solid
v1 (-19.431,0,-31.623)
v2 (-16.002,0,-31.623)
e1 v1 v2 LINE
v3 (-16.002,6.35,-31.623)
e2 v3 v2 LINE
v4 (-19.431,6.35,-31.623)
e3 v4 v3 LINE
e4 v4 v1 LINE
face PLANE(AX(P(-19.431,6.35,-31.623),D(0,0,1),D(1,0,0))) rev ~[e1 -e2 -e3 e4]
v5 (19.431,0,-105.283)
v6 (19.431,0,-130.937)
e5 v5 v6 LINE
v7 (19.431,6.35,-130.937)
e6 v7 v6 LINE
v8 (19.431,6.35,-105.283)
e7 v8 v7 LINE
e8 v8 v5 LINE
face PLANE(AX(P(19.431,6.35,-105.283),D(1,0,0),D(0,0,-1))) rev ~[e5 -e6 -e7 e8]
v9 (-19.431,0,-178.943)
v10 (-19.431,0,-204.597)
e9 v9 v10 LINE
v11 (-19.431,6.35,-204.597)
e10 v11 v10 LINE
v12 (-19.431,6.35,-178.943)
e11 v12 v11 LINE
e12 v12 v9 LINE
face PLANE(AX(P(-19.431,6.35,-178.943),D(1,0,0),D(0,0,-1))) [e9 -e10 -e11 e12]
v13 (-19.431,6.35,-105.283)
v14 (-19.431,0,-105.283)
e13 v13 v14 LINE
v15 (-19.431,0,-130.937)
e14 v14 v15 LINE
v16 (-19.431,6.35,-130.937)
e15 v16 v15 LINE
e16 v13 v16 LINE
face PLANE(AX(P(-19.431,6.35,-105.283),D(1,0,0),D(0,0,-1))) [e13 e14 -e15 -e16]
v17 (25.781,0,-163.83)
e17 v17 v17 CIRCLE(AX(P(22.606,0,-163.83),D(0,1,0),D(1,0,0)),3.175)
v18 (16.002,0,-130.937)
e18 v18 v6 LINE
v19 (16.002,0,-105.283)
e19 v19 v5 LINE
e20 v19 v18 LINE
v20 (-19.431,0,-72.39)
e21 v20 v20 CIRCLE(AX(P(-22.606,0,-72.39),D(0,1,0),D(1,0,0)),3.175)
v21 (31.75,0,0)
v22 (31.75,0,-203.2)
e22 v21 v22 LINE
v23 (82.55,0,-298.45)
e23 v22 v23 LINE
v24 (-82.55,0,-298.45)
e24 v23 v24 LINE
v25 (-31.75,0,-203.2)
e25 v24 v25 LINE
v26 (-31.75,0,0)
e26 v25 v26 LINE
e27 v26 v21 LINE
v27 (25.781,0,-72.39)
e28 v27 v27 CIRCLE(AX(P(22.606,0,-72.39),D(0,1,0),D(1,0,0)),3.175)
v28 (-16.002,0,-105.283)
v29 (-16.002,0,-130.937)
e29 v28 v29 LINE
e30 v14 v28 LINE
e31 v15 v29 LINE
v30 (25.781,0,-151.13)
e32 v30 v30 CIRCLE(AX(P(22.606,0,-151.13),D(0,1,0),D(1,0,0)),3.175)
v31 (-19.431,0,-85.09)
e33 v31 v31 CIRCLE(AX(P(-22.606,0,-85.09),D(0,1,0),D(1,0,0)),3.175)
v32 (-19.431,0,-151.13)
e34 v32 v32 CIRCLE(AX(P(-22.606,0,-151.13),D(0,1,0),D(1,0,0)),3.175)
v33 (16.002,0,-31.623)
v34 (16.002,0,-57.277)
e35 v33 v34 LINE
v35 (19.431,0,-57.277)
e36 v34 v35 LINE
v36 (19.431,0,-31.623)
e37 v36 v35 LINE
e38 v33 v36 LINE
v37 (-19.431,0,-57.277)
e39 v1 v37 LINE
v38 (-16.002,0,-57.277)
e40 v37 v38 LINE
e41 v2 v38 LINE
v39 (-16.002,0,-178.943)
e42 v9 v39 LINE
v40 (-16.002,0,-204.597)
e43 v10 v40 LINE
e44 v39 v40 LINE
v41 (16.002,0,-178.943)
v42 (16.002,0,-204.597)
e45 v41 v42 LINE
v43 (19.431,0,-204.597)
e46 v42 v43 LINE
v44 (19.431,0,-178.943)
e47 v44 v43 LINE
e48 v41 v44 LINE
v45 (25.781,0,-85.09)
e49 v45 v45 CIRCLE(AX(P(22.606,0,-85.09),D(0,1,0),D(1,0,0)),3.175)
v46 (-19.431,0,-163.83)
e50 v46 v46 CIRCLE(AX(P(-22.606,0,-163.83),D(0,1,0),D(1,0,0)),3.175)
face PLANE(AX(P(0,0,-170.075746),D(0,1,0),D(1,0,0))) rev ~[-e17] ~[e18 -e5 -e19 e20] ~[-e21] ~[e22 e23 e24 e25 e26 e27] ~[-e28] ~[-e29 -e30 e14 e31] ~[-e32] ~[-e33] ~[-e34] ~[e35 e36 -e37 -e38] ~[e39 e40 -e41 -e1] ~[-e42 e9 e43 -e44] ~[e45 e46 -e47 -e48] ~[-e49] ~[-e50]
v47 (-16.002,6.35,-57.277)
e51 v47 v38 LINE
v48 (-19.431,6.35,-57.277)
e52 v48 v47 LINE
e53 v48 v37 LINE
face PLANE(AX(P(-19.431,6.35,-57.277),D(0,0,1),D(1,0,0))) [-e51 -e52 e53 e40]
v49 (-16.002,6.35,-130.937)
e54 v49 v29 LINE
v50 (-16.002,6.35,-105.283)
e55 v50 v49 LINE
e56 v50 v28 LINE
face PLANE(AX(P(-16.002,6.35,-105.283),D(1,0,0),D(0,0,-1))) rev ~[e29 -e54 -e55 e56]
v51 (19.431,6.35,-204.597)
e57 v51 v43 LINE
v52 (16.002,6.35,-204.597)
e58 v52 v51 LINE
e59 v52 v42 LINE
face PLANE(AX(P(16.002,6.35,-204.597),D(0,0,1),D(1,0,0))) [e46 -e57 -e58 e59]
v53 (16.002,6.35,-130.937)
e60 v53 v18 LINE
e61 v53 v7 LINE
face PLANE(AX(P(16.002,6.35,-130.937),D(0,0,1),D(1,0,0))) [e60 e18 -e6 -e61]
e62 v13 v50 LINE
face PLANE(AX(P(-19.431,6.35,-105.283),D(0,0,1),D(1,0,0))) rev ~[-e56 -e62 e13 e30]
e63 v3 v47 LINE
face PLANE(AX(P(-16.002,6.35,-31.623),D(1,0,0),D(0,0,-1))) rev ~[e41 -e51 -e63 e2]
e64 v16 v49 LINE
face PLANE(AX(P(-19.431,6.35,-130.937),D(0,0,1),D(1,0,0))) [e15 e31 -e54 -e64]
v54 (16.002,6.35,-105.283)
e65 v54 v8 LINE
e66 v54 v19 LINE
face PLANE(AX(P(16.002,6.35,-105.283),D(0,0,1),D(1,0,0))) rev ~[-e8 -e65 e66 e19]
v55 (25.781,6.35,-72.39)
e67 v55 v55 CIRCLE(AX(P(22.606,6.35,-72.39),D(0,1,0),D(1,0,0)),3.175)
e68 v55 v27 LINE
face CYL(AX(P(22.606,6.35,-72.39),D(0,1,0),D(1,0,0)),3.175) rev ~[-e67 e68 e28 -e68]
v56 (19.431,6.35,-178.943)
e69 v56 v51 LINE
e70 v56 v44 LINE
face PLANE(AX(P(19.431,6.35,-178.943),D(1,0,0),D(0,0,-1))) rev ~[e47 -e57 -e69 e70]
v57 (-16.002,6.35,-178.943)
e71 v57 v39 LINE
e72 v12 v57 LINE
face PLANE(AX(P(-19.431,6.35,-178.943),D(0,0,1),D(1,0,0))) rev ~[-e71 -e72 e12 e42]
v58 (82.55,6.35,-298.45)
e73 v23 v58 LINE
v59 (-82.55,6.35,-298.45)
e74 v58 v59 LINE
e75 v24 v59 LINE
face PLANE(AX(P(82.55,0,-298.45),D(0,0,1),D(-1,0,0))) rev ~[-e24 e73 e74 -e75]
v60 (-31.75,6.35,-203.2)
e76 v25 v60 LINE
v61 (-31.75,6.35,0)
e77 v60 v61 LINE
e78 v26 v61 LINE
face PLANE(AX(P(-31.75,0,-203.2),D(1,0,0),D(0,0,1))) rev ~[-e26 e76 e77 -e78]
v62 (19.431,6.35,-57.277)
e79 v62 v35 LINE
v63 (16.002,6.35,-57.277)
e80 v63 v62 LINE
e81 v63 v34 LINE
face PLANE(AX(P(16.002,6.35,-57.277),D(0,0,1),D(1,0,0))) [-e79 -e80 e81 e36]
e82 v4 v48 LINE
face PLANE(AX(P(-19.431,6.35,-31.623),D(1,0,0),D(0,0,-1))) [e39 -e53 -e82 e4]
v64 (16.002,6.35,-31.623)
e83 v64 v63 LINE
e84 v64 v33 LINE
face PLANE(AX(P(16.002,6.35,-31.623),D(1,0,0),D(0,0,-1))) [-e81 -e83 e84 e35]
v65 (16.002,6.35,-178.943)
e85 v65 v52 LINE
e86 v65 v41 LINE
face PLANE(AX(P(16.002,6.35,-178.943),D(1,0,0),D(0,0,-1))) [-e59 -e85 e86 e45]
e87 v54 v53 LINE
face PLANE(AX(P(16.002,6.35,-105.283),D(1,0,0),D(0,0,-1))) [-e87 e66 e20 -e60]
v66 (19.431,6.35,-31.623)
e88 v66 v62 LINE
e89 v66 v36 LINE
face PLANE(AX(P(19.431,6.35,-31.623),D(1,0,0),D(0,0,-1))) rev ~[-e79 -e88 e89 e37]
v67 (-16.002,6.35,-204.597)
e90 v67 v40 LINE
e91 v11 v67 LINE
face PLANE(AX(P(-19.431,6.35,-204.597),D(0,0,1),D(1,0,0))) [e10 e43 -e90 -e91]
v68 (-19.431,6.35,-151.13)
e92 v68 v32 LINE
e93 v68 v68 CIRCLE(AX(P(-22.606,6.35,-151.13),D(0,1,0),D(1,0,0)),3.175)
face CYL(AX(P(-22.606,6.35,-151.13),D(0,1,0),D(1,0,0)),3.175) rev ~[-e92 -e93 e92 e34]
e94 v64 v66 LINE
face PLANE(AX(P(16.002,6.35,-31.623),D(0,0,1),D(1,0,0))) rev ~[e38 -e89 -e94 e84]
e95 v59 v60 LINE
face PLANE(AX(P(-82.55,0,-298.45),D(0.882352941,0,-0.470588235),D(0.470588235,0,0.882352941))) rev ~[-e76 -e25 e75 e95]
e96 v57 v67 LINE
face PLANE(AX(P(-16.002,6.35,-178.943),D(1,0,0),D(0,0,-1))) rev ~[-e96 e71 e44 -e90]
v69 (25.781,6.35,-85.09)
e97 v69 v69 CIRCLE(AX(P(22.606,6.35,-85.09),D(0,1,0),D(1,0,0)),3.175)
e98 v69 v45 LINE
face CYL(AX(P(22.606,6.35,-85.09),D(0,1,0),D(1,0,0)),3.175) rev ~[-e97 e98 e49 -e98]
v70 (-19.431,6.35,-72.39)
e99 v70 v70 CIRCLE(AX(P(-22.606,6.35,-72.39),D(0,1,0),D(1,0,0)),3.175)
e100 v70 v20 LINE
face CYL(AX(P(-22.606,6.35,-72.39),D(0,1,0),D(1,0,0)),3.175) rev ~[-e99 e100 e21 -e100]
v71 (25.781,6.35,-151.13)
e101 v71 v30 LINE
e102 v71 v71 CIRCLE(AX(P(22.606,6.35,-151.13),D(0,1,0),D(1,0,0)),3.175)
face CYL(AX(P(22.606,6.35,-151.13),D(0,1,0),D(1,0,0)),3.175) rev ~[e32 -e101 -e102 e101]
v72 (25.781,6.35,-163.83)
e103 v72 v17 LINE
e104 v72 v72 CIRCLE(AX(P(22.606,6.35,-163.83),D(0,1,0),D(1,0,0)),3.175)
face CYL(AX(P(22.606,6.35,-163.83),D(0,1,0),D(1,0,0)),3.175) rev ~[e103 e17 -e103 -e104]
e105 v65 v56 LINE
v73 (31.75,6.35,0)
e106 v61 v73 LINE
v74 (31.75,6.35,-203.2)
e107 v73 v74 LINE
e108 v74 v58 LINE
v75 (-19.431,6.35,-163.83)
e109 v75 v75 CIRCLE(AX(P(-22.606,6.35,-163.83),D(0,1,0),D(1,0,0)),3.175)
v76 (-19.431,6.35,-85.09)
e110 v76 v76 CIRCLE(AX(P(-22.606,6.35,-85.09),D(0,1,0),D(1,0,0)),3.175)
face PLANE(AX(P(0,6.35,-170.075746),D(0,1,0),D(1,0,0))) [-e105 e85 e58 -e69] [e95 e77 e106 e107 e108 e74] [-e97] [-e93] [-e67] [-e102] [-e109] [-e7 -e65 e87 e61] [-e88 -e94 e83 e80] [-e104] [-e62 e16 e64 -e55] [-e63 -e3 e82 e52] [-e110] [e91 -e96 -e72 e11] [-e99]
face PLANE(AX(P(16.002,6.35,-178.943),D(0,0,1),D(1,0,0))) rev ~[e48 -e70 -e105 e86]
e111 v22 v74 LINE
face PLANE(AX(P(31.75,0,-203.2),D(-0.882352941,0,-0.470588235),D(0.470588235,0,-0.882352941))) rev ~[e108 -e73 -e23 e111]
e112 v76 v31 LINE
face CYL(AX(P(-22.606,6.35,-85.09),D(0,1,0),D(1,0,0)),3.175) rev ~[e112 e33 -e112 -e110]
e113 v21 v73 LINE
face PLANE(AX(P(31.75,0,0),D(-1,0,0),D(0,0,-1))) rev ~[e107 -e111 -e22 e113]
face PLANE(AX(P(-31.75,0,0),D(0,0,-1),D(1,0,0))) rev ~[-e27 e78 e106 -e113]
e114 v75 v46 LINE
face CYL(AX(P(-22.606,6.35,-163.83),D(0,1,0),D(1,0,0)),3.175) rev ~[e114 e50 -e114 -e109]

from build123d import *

# Parameters (mm, degrees)
BOSS_EXTRUDE1_DEPTH = 6.35
SKETCH2_W           = 3.429
SKETCH2_H           = 25.654
CUT_EXTRUDE1_DEPTH  = 7.35
SKETCH3_R           = 3.175
CUT_EXTRUDE2_DEPTH  = 7.35


with BuildPart() as part:
    # Sketch1 → Boss-Extrude1 (new body)
    with BuildSketch(Plane(origin=(0, 0, 0), x_dir=(1, 0, 0), z_dir=(0, 1, 0))):
        Polygon((-31.75, 0), (31.75, 0), (31.75, 203.2), (82.55, 298.45), (-82.55, 298.45), (-31.75, 203.2), align=None)
    extrude(amount=BOSS_EXTRUDE1_DEPTH)

    # Sketch2 → Cut-Extrude1 (cut, through all)
    with BuildSketch(Plane(origin=(0, 6.35, 0), x_dir=(1, 0, 0), z_dir=(0, 1, 0))):
        with Locations((-17.7165, 44.45)):
            Rectangle(SKETCH2_W, SKETCH2_H)
        with Locations((-17.7165, 118.11)):
            Rectangle(SKETCH2_W, SKETCH2_H)
        with Locations((-17.7165, 191.77)):
            Rectangle(SKETCH2_W, SKETCH2_H)
        with Locations((17.7165, 191.77)):
            Rectangle(SKETCH2_W, SKETCH2_H)
        with Locations((17.7165, 118.11)):
            Rectangle(SKETCH2_W, SKETCH2_H)
        with Locations((17.7165, 44.45)):
            Rectangle(SKETCH2_W, SKETCH2_H)
    extrude(amount=-CUT_EXTRUDE1_DEPTH, mode=Mode.SUBTRACT)

    # Sketch3 → Cut-Extrude2 (cut, through all)
    with BuildSketch(Plane(origin=(0, 6.35, 0), x_dir=(1, 0, 0), z_dir=(0, 1, 0))):
        with Locations((-22.606, 163.83)):
            Circle(SKETCH3_R)
        with Locations((-22.606, 151.13)):
            Circle(SKETCH3_R)
        with Locations((22.606, 151.13)):
            Circle(SKETCH3_R)
        with Locations((22.606, 163.83)):
            Circle(SKETCH3_R)
        with Locations((22.606, 85.09)):
            Circle(SKETCH3_R)
        with Locations((22.606, 72.39)):
            Circle(SKETCH3_R)
        with Locations((-22.606, 72.39)):
            Circle(SKETCH3_R)
        with Locations((-22.606, 85.09)):
            Circle(SKETCH3_R)
    extrude(amount=-CUT_EXTRUDE2_DEPTH, mode=Mode.SUBTRACT)


solid = part.part
